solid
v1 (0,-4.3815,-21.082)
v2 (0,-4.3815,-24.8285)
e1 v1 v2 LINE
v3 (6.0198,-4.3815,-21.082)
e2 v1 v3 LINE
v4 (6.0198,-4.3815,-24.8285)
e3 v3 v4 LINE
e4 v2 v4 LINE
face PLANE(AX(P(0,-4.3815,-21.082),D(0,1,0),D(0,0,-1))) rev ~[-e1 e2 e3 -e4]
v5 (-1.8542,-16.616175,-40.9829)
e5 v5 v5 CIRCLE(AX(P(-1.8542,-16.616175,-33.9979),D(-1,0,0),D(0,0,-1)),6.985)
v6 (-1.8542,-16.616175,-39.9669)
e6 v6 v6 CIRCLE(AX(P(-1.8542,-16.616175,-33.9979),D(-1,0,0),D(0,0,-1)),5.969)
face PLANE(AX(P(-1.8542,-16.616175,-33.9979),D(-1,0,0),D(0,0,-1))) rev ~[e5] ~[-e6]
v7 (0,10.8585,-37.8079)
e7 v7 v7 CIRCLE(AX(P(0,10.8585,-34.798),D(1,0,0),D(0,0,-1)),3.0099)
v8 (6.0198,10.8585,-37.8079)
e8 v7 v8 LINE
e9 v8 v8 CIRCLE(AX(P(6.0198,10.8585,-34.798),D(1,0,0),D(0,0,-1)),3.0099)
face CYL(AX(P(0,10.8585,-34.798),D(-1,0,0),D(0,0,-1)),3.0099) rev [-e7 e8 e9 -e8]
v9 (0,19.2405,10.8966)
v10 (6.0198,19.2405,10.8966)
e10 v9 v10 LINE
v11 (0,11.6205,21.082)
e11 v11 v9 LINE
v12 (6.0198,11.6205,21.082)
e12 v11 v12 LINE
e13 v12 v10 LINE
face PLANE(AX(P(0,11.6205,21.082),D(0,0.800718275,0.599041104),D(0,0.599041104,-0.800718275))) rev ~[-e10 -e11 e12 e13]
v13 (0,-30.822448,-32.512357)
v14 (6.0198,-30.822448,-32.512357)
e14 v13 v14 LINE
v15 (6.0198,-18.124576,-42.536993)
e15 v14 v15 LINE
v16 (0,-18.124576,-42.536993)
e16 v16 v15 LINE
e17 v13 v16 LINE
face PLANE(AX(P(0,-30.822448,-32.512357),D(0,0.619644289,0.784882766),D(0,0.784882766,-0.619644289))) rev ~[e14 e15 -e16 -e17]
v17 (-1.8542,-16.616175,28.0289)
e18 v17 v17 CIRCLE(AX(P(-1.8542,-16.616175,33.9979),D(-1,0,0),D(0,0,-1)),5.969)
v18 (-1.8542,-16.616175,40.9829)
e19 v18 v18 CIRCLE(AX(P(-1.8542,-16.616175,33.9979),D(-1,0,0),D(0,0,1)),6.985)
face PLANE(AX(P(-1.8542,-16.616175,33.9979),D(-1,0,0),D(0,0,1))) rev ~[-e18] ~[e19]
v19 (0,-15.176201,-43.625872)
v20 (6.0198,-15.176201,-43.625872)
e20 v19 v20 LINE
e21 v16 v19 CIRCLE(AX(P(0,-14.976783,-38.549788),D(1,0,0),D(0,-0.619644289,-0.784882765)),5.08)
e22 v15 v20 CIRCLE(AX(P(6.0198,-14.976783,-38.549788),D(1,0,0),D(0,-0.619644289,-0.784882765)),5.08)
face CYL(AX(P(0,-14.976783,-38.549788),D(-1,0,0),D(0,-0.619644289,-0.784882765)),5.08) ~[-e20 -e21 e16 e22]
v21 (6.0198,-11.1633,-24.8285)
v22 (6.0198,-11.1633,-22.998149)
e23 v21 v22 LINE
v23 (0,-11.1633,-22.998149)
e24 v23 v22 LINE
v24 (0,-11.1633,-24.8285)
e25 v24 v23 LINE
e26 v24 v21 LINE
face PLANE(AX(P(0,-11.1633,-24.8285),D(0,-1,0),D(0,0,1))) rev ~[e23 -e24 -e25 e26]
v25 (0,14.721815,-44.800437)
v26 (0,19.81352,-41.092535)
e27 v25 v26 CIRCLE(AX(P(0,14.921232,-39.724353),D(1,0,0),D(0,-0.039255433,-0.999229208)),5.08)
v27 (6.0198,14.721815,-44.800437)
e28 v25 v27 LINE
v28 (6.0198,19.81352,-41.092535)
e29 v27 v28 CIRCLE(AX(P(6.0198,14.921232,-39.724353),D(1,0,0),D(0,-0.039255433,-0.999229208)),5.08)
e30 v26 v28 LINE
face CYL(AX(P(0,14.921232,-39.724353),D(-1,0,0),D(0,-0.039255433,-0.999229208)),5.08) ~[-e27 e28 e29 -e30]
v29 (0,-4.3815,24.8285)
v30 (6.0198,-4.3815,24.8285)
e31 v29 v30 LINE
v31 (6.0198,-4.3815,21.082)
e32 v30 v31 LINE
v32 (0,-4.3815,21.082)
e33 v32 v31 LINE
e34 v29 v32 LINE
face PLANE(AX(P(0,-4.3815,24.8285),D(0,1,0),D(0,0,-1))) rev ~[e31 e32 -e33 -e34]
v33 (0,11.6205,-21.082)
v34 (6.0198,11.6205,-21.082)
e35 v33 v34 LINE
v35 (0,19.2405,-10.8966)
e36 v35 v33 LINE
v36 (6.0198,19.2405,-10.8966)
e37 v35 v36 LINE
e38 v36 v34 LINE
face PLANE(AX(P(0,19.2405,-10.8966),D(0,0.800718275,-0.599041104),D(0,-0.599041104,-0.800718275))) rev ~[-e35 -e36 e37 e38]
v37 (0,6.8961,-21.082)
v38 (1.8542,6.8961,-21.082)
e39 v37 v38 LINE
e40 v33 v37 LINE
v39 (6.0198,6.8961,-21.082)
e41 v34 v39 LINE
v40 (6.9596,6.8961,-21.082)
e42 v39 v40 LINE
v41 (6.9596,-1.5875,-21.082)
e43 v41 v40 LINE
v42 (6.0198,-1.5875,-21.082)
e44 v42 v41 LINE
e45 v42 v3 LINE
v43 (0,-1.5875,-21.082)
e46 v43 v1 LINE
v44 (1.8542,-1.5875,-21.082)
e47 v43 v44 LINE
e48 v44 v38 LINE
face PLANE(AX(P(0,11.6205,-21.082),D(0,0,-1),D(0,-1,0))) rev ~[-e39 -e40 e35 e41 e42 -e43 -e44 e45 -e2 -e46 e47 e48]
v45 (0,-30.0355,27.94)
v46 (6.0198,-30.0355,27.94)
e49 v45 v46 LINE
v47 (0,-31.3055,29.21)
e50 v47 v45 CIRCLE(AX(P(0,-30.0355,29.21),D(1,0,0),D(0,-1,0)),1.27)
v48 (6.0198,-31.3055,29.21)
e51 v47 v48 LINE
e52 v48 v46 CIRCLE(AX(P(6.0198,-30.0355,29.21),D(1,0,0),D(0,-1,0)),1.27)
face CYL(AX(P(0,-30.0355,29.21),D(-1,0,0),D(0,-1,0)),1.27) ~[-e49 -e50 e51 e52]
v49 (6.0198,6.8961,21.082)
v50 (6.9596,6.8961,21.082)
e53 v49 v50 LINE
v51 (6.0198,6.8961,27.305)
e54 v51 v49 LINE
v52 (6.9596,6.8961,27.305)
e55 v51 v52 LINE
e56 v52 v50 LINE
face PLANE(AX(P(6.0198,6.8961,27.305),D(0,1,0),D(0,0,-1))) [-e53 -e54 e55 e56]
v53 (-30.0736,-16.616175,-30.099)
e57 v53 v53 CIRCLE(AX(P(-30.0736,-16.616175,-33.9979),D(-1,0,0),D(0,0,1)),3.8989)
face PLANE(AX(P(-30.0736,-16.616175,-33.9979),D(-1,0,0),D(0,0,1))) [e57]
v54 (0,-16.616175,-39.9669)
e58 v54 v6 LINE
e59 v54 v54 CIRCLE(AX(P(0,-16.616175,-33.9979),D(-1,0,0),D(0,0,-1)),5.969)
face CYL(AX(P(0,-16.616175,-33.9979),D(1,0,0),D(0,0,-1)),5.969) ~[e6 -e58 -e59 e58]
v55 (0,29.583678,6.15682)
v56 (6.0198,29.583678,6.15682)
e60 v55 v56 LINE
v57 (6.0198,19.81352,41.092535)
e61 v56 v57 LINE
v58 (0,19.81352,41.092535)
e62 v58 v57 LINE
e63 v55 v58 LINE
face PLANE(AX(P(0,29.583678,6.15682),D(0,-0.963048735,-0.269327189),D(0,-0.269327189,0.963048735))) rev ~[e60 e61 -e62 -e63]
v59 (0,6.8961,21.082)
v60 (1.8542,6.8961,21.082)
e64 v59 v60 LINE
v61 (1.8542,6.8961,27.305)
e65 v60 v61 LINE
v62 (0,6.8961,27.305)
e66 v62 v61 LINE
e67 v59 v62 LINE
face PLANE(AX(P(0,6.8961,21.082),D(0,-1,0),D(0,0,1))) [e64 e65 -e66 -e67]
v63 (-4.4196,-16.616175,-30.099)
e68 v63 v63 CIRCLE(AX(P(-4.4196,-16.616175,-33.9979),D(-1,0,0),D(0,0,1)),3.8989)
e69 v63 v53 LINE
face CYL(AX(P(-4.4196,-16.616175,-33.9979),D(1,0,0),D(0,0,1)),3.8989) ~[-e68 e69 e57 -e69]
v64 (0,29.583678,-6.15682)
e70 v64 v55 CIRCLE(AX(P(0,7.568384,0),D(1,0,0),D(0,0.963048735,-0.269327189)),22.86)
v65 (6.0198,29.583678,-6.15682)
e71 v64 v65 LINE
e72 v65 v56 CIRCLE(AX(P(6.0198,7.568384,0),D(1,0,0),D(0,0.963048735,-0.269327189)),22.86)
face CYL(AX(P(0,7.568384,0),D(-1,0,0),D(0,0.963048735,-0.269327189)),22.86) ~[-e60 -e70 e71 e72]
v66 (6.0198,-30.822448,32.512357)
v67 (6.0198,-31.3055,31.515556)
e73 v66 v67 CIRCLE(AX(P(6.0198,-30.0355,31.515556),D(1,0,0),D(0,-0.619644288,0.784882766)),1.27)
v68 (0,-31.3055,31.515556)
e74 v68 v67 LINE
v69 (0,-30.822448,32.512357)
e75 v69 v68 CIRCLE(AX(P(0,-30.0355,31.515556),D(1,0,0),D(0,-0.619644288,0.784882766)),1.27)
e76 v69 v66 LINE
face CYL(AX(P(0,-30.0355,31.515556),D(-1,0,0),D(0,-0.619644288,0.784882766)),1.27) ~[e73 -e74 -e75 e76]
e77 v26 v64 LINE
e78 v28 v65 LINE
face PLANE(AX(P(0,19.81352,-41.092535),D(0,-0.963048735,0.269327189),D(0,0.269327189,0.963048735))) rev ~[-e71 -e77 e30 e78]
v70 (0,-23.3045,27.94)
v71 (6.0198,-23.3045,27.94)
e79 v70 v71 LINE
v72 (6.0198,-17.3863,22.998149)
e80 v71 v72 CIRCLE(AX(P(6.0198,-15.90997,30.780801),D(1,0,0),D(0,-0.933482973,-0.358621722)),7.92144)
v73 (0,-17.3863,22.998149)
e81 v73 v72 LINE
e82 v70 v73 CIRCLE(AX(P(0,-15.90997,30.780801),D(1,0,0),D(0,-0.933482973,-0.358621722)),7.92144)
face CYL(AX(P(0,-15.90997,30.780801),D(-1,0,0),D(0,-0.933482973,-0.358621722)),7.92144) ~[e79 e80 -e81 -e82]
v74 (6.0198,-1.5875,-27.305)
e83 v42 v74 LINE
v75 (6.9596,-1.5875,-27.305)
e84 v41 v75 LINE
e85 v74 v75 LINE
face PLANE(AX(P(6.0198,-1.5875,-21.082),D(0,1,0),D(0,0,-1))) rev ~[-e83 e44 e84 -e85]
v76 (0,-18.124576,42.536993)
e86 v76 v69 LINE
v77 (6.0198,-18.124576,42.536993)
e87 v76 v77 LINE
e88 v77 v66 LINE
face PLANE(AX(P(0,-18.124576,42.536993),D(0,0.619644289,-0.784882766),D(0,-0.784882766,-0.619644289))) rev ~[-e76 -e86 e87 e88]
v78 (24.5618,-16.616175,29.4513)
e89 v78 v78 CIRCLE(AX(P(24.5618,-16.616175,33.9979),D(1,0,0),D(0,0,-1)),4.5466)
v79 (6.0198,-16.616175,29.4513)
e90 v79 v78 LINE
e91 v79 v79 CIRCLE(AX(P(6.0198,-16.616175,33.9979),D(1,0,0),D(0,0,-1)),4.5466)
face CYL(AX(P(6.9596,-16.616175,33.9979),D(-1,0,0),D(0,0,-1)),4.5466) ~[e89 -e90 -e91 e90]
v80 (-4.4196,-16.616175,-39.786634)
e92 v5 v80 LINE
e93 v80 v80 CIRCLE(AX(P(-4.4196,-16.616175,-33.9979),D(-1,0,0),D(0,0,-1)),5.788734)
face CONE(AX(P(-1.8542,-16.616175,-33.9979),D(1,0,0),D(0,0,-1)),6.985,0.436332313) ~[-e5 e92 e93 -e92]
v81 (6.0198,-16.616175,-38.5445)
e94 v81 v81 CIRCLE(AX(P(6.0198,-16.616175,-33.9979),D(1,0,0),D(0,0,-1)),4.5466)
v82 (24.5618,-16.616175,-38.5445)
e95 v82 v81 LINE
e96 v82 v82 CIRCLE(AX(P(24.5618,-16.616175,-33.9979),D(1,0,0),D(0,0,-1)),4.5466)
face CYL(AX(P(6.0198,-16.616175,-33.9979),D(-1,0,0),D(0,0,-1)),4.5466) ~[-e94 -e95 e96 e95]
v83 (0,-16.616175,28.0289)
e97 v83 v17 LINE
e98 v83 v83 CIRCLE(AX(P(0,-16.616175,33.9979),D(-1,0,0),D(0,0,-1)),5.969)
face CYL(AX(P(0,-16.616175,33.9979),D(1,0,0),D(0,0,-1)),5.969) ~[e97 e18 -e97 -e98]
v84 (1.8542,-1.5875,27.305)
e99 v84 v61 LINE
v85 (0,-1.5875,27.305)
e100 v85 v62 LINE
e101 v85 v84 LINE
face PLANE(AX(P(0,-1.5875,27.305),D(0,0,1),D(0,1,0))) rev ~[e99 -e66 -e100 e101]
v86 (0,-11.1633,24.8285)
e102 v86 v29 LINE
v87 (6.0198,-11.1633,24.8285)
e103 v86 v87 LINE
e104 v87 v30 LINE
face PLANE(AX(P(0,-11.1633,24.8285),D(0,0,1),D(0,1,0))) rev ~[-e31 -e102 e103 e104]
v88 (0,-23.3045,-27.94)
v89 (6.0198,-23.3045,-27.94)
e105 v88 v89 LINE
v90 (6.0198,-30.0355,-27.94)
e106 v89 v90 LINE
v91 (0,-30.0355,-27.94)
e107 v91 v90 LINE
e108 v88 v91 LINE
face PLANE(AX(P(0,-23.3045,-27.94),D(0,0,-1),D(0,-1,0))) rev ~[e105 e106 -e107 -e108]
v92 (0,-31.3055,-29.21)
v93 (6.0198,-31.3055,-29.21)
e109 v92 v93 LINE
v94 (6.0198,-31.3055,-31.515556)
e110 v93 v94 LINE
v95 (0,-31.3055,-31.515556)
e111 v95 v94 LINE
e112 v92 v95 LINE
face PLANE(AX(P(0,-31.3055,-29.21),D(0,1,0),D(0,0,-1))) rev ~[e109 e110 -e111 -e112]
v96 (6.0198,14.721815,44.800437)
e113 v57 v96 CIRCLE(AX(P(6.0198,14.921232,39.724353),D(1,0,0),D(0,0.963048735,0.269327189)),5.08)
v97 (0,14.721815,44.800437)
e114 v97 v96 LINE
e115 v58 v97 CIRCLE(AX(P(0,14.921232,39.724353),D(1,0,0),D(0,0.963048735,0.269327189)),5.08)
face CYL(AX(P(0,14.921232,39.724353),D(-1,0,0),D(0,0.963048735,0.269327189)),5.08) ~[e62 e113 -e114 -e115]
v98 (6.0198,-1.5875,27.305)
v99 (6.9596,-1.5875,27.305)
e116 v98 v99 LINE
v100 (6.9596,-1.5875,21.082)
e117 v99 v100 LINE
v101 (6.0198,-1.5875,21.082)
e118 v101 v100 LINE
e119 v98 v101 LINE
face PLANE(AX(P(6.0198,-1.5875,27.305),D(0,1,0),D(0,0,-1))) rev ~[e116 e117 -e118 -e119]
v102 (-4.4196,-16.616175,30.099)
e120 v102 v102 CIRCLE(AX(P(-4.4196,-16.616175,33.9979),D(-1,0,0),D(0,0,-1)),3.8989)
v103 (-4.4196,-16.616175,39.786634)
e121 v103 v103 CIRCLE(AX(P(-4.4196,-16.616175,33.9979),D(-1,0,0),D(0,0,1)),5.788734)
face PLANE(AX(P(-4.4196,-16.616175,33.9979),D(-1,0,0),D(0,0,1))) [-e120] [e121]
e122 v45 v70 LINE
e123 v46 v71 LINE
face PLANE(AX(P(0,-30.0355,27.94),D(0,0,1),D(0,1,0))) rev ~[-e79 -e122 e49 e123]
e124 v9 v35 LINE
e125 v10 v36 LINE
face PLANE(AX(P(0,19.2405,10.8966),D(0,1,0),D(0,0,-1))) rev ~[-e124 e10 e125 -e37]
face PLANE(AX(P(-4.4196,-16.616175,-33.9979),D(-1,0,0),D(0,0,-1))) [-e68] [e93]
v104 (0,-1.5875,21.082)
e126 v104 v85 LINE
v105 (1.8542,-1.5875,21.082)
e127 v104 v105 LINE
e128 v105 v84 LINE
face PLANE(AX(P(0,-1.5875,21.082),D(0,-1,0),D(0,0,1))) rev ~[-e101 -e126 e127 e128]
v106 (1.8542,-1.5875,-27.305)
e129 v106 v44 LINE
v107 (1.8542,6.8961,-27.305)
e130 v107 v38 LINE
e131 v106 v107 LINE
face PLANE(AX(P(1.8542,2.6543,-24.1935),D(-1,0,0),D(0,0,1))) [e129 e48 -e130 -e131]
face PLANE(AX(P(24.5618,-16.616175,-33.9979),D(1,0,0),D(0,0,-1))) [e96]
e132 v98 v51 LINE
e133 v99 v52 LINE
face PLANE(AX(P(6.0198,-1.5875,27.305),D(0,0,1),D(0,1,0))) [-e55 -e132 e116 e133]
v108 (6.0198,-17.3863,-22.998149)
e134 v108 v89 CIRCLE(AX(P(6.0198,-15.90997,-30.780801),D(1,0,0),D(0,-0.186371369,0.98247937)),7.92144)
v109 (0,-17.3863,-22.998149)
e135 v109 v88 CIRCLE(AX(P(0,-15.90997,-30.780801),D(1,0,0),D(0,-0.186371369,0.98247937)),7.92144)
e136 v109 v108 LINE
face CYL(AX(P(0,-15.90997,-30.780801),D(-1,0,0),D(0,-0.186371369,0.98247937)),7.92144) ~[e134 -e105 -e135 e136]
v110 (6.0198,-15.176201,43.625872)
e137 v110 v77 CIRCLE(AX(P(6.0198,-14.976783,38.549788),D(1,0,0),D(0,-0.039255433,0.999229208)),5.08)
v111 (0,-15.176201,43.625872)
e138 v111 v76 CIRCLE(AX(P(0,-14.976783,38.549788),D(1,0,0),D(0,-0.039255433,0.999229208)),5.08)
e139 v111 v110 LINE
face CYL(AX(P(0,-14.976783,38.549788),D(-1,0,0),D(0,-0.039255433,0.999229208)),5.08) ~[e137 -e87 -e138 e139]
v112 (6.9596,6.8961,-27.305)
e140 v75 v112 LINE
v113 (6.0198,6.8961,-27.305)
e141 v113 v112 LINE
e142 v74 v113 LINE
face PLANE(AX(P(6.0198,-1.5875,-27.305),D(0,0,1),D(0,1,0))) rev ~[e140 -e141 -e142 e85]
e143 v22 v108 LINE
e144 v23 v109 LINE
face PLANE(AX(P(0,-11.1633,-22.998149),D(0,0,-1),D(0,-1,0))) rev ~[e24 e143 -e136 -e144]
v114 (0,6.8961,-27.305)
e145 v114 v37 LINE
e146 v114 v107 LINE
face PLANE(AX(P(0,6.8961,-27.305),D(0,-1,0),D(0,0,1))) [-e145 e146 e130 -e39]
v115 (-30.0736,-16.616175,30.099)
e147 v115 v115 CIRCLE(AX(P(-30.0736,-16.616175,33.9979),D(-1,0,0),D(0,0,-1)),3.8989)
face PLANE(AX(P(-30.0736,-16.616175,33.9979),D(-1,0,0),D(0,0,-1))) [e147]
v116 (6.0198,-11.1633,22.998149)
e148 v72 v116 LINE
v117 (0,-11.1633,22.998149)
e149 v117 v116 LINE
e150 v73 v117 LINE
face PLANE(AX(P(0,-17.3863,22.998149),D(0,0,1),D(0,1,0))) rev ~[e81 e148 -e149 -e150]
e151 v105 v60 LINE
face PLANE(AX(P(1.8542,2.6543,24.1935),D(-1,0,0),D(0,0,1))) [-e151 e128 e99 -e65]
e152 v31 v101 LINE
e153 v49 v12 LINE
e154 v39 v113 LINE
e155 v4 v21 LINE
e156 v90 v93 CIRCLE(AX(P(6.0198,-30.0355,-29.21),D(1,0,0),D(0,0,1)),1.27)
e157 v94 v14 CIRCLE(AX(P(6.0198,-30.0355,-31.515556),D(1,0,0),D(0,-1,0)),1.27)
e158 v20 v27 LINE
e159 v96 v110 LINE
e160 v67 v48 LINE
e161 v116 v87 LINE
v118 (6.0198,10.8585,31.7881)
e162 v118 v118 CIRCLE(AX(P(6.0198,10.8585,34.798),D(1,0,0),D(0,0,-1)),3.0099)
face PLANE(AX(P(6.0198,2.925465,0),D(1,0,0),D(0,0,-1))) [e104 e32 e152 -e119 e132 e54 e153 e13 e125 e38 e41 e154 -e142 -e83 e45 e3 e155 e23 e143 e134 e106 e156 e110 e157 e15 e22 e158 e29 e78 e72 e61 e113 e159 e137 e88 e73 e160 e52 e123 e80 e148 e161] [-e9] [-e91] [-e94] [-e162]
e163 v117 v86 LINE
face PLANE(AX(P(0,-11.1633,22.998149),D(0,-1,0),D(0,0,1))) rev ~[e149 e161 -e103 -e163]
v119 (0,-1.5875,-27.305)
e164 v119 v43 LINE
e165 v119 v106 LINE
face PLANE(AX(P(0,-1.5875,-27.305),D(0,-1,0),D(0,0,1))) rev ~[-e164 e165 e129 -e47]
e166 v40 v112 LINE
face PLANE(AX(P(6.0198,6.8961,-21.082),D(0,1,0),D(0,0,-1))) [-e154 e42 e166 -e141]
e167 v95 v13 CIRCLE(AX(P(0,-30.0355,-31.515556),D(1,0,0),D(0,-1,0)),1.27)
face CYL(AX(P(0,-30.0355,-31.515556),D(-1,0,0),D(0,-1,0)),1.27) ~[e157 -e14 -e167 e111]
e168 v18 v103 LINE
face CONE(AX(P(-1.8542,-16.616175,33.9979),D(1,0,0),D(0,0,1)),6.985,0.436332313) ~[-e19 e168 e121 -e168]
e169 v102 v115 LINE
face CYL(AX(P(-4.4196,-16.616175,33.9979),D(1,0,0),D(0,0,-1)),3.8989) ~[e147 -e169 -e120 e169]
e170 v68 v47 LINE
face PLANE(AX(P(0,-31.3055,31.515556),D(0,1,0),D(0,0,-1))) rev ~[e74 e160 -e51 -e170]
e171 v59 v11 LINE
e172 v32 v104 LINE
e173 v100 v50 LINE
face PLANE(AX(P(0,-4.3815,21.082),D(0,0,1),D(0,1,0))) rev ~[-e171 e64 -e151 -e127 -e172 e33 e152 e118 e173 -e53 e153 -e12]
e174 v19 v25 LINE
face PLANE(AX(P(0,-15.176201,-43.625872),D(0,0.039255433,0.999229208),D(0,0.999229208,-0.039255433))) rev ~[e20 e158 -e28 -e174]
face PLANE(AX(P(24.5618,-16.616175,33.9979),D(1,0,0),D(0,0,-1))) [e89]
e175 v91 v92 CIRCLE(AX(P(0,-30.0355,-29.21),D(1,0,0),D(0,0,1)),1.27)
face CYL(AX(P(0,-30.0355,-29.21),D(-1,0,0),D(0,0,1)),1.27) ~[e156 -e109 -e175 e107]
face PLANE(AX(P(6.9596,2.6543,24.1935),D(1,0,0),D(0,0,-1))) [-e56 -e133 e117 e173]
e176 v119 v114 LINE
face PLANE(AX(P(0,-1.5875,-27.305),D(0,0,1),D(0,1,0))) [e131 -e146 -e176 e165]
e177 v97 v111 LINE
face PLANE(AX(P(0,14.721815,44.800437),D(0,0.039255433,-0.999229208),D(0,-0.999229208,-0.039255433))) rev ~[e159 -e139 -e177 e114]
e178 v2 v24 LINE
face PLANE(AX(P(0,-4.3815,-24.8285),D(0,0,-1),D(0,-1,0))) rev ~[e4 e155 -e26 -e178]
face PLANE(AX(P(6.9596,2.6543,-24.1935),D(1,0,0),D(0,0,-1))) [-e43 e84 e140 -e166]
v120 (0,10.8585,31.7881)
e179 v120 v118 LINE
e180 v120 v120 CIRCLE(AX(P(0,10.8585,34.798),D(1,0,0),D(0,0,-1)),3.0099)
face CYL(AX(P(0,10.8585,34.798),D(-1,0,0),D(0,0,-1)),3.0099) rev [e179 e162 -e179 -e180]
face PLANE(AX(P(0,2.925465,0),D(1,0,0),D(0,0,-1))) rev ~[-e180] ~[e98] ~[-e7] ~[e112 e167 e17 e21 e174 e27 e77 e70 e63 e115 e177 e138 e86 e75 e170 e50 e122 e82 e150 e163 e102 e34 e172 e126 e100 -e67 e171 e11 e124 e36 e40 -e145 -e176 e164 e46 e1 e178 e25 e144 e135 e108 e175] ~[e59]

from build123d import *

# Parameters (mm, degrees)
SKETCH2_R           = 3.0099
BOSS_EXTRUDE1_DEPTH = 6.0198
SKETCH3_R           = 4.5466
SKETCH3_W           = 6.223
SKETCH3_H           = 8.4836
BOSS_EXTRUDE2_DEPTH = 0.9398
SKETCH4_R           = 4.5466
BOSS_EXTRUDE3_DEPTH = 17.6022
SKETCH5_W           = 6.223
SKETCH5_H           = 8.4836
CUT_EXTRUDE1_DEPTH  = 1.8542
SKETCH6_R           = 5.969
BOSS_EXTRUDE4_DEPTH = 1.8542
SKETCH9_R           = 6.985
BOSS_EXTRUDE6_DEPTH = 2.5654
DRAFT2_ANGLE        = -25
DRAFT3_ANGLE        = -25
SKETCH12_R          = 3.8989
BOSS_EXTRUDE7_DEPTH = 25.654


with BuildPart() as part:
    # Sketch2 → Boss-Extrude1 (new body)
    with BuildSketch(Plane(origin=(0, 0, 0), x_dir=(0, 0, -1), z_dir=(1, 0, 0))):
        with BuildLine():
            ThreePointArc((-32.512356648, -30.822448246), (-32.069394739, -31.178374506), (-31.515555535, -31.3055))
            Line((-31.515555535, -31.3055), (-29.21, -31.3055))
            ThreePointArc((-29.21, -31.3055), (-28.311974388, -30.933525612), (-27.94, -30.0355))
            Line((-27.94, -30.0355), (-27.94, -23.3045))
            ThreePointArc((-27.94, -23.3045), (-24.700446352, -20.987224463), (-22.998148855, -17.3863))
            Line((-22.998148855, -17.3863), (-22.998148855, -11.1633))
            Line((-22.998148855, -11.1633), (-24.8285, -11.1633))
            Line((-24.8285, -11.1633), (-24.8285, -4.3815))
            Line((-24.8285, -4.3815), (-21.082, -4.3815))
            Line((-21.082, -4.3815), (-21.082, 11.6205))
            Line((-21.082, 11.6205), (-10.8966, 19.2405))
            Line((-10.8966, 19.2405), (10.8966, 19.2405))
            Line((10.8966, 19.2405), (21.082, 11.6205))
            Line((21.082, 11.6205), (21.082, -4.3815))
            Line((21.082, -4.3815), (24.8285, -4.3815))
            Line((24.8285, -4.3815), (24.8285, -11.1633))
            Line((24.8285, -11.1633), (22.998148855, -11.1633))
            Line((22.998148855, -11.1633), (22.998148855, -17.3863))
            ThreePointArc((22.998148855, -17.3863), (24.700446352, -20.987224463), (27.94, -23.3045))
            Line((27.94, -23.3045), (27.94, -30.0355))
            ThreePointArc((27.94, -30.0355), (28.311974388, -30.933525612), (29.21, -31.3055))
            Line((29.21, -31.3055), (31.515555535, -31.3055))
            ThreePointArc((31.515555535, -31.3055), (32.069394739, -31.178374506), (32.512356648, -30.822448246))
            Line((32.512356648, -30.822448246), (42.536992541, -18.124576114))
            ThreePointArc((42.536992541, -18.124576114), (43.315187388, -16.736717659), (43.625872471, -15.176200729))
            Line((43.625872471, -15.176200729), (44.800437362, 14.721814671))
            ThreePointArc((44.800437362, 14.721814671), (43.830873172, 17.911699115), (41.092535101, 19.813519845))
            Line((41.092535101, 19.813519845), (6.15681953, 29.583677589))
            ThreePointArc((6.15681953, 29.583677589), (0, 30.428383513), (-6.15681953, 29.583677589))
            Line((-6.15681953, 29.583677589), (-41.092535101, 19.813519845))
            ThreePointArc((-41.092535101, 19.813519845), (-43.830873172, 17.911699115), (-44.800437362, 14.721814671))
            Line((-44.800437362, 14.721814671), (-43.625872471, -15.176200729))
            ThreePointArc((-43.625872471, -15.176200729), (-43.315187388, -16.736717659), (-42.536992541, -18.124576114))
            Line((-42.536992541, -18.124576114), (-32.512356648, -30.822448246))
        make_face()
        with Locations((-34.798, 10.8585)):
            Circle(SKETCH2_R, mode=Mode.SUBTRACT)
        with Locations((34.798, 10.8585)):
            Circle(SKETCH2_R, mode=Mode.SUBTRACT)
    extrude(amount=BOSS_EXTRUDE1_DEPTH)

    # Sketch3 → Boss-Extrude2 (add)
    with BuildSketch(Plane(origin=(6.0198, 0, 0), x_dir=(0, 0, -1), z_dir=(1, 0, 0))):
        with Locations((33.9979, -16.616175495)):
            Circle(SKETCH3_R)
        with Locations((-33.9979, -16.616175495)):
            Circle(SKETCH3_R)
        with Locations((24.1935, 2.6543)):
            Rectangle(SKETCH3_W, SKETCH3_H)
        with Locations((-24.1935, 2.6543)):
            Rectangle(SKETCH3_W, SKETCH3_H)
    extrude(amount=BOSS_EXTRUDE2_DEPTH)

    # Sketch4 → Boss-Extrude3 (add)
    with BuildSketch(Plane(origin=(6.9596, 0, 0), x_dir=(0, 0, -1), z_dir=(1, 0, 0))):
        with Locations((-33.9979, -16.616175495)):
            Circle(SKETCH4_R)
        with Locations((33.9979, -16.616175495)):
            Circle(SKETCH4_R)
    extrude(amount=BOSS_EXTRUDE3_DEPTH)

    # Sketch5 → Cut-Extrude1 (cut)
    with BuildSketch(Plane.ZY):
        with Locations((-24.1935, 2.6543)):
            Rectangle(SKETCH5_W, SKETCH5_H)
        with Locations((24.1935, 2.6543)):
            Rectangle(SKETCH5_W, SKETCH5_H)
    extrude(amount=-CUT_EXTRUDE1_DEPTH, mode=Mode.SUBTRACT)

    # Sketch6 → Boss-Extrude4 (add)
    with BuildSketch(Plane.ZY):
        with Locations(Location((33.9979, -16.616175495, 0), (0, 0, 180))):
            Circle(SKETCH6_R)
        with Locations(Location((-33.9979, -16.616175495, 0), (0, 0, 180))):
            Circle(SKETCH6_R)
    extrude(amount=BOSS_EXTRUDE4_DEPTH)

    # Sketch9 → Boss-Extrude6 (add)
    with BuildSketch(Plane.ZY.offset(1.8542)):
        with Locations((33.9979, -16.616175495)):
            Circle(SKETCH9_R)
        with Locations(Location((-33.9979, -16.616175495, 0), (0, 0, 180))):
            Circle(SKETCH9_R)
    extrude(amount=BOSS_EXTRUDE6_DEPTH)

    # Draft2
    draft2_faces = [part.faces().sort_by_distance(p)[0] for p in [
        (-3.1369, -16.616175495, -27.0129),
    ]]
    draft(draft2_faces, Plane(origin=(-1.8542, -16.616175495, -33.9979), x_dir=(0, 0, 1), z_dir=(1, 0, 0)), DRAFT2_ANGLE)

    # Draft3
    draft3_faces = [part.faces().sort_by_distance(p)[0] for p in [
        (-3.1369, -16.616175495, 27.0129),
    ]]
    draft(draft3_faces, Plane(origin=(-1.8542, -16.616175495, 33.9979), x_dir=(0, 0, 1), z_dir=(1, 0, 0)), DRAFT3_ANGLE)

    # Sketch12 → Boss-Extrude7 (add)
    with BuildSketch(Plane.ZY.offset(4.4196)):
        with Locations((-33.9979, -16.616175495)):
            Circle(SKETCH12_R)
        with Locations(Location((33.9979, -16.616175495, 0), (0, 0, 180))):
            Circle(SKETCH12_R)
    extrude(amount=BOSS_EXTRUDE7_DEPTH)


solid = part.part
